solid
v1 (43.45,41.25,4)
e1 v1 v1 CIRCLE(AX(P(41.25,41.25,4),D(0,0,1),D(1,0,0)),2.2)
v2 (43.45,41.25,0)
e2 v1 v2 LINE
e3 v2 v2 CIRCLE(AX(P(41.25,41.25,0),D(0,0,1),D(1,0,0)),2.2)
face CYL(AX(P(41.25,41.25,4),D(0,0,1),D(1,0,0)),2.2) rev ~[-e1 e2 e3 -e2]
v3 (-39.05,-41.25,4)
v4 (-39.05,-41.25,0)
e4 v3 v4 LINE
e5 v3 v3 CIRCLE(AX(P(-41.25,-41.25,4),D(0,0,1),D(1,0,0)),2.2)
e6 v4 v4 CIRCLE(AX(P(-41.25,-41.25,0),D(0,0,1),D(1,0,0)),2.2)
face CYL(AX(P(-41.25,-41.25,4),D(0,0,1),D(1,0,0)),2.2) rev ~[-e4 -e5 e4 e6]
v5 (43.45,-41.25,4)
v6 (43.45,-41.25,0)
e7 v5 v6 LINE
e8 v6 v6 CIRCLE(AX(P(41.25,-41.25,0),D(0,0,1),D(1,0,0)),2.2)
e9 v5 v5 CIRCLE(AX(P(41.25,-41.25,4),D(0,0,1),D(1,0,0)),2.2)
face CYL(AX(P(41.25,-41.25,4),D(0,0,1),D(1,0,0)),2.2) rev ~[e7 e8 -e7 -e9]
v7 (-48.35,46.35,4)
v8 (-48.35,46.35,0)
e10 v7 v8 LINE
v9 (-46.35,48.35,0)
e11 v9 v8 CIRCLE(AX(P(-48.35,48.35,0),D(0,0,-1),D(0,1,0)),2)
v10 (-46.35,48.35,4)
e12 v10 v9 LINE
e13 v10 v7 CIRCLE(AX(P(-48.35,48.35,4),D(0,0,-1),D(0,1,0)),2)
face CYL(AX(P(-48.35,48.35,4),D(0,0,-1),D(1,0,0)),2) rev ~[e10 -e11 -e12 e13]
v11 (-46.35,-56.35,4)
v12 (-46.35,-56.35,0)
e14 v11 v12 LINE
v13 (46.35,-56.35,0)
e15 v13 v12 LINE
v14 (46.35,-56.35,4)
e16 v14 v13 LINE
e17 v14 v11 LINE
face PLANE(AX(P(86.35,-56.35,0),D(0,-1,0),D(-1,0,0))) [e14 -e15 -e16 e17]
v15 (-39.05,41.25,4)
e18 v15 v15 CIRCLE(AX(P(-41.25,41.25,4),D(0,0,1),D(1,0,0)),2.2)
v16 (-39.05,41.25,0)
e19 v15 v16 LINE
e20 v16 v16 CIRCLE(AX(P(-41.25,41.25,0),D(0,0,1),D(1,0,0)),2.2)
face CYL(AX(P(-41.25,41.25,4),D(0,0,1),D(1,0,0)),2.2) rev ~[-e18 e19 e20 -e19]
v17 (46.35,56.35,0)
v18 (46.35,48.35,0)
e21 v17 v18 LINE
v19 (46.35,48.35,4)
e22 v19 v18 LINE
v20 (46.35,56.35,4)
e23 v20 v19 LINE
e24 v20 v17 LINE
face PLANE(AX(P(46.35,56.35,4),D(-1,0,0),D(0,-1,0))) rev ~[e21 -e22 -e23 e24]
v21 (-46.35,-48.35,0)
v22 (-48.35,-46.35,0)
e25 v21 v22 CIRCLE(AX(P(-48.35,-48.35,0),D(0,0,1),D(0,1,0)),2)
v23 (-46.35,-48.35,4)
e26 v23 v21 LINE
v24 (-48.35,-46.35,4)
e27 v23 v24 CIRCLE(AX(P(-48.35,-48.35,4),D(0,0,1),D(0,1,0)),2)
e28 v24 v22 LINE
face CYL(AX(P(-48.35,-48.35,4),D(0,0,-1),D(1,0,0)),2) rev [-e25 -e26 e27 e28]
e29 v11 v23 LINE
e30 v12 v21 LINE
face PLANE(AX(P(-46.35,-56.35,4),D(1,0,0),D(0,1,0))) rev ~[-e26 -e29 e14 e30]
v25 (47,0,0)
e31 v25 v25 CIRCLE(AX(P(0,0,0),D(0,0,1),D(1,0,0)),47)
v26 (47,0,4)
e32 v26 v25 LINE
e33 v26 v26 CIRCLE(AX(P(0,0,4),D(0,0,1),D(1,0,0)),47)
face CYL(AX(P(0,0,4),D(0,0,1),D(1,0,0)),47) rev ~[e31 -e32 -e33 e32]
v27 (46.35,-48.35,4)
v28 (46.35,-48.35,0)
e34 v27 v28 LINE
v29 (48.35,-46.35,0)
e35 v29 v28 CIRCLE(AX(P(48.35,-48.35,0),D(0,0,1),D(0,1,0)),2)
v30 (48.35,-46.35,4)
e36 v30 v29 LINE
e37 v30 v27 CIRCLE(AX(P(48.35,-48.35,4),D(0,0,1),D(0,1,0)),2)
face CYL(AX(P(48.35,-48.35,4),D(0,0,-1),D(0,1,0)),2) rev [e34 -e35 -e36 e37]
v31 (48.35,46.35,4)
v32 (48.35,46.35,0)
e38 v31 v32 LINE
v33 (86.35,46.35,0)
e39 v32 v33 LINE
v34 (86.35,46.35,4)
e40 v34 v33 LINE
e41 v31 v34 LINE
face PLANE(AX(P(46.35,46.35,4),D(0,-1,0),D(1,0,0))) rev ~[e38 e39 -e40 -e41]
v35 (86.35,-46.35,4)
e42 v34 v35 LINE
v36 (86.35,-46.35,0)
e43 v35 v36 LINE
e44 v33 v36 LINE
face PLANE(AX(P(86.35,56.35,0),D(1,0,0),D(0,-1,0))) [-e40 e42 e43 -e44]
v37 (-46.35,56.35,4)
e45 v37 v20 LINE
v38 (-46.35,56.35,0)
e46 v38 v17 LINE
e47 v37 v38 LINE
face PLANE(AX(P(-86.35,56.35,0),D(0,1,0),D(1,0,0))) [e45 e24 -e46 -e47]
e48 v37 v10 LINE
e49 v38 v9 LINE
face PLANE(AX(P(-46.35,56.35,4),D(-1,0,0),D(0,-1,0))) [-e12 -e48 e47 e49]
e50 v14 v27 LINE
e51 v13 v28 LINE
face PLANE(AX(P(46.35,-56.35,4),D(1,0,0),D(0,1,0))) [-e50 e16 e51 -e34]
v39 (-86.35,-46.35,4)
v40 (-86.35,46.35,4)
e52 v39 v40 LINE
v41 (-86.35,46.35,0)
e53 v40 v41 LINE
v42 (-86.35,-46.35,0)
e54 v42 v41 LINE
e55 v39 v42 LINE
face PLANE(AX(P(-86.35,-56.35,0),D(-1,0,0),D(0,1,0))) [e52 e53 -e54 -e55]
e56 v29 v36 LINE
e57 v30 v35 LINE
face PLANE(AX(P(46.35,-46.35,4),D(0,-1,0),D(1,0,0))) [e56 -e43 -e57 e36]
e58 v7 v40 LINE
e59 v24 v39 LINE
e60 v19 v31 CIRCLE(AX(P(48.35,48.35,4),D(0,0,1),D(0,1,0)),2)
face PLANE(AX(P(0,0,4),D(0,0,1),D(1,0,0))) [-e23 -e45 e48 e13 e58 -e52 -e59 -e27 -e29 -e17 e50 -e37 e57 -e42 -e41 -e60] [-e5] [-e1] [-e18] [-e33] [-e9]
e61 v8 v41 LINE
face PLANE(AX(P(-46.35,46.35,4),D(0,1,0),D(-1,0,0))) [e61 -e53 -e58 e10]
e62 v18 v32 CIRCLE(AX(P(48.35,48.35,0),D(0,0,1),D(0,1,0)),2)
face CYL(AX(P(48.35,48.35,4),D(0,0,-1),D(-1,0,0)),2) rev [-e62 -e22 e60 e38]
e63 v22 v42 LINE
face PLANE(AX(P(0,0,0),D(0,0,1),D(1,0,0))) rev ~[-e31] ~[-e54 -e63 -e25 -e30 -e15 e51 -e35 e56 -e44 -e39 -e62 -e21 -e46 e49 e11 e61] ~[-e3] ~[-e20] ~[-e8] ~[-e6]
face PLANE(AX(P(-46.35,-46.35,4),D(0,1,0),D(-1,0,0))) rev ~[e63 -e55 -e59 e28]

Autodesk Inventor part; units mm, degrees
ref_plane "YZ Plane" through (0, 0, 0) normal (1, 0, 0) x (0, 1, 0)
ref_plane "XZ Plane" through (0, 0, 0) normal (0, 1, 0) x (-1, 0, 0)
ref_plane "XY Plane" through (0, 0, 0) normal (0, 0, 1) x (1, 0, 0)
sketch "Skizze1" plane through (0, 0, 0) normal (0, 0, 1) x (1, 0, 0)
  line L0 (-86.35, 56.35) -> (86.35, 56.35)
  line L1 (86.35, 56.35) -> (86.35, -56.35)
  line L2 (86.35, -56.35) -> (-86.35, -56.35)
  line L3 (-86.35, -56.35) -> (-86.35, 56.35)
  line L4 (-86.35, 56.35) -> (86.35, -56.35) construction
  line L5 (86.35, 56.35) -> (-86.35, -56.35) construction
  point P0 (0, 0)
  dimension "d0" = 172.7
  dimension "d1" = 112.7
extrude "Extrusion1" add sketch "Skizze1" along normal blind 4
sketch "Skizze2" plane through (0, 0, 4) normal (0, 0, 1) x (1, 0, 0)
  circle A0 centre (0, 0) radius 47
  dimension "d4" = 94
extrude "Extrusion2" cut sketch "Skizze2" against normal blind 4
sketch "Skizze3" plane through (0, 0, 4) normal (0, 0, 1) x (1, 0, 0)
  circle A0 centre (-41.25, 41.25) radius 2.2
  circle A1 centre (41.25, 41.25) radius 2.2
  circle A2 centre (41.25, -41.25) radius 2.2
  circle A3 centre (-41.25, -41.25) radius 2.2
  point P0 (0, 0)
  dimension "d7" = 82.5
  dimension "d8" = 82.5
  dimension "d9" = 82.5
  dimension "d10" = 82.5
  dimension "d11" = 41.25
  dimension "d12" = 41.25
  dimension "d13" = 41.25
  dimension "d14" = 41.25
  dimension "d15" = 4.4
  dimension "d16" = 4.4
  dimension "d17" = 4.4
  dimension "d18" = 4.4
extrude "Extrusion3" cut sketch "Skizze3" against normal blind 4
sketch "Skizze4" plane through (0, 0, 4) normal (0, 0, 1) x (1, 0, 0)
  line L0 (-86.35, 56.35) -> (-46.35, 56.35)
  line L1 (-46.35, 56.35) -> (-46.35, 46.35)
  line L2 (-46.35, 46.35) -> (-86.35, 46.35)
  line L3 (-86.35, 46.35) -> (-86.35, 56.35)
  line L4 (86.35, -56.35) -> (86.35, 56.35) projected
  line L5 (86.35, 56.35) -> (46.35, 56.35)
  line L6 (46.35, 56.35) -> (46.35, 46.35)
  line L7 (46.35, 46.35) -> (86.35, 46.35)
  line L8 (86.35, 46.35) -> (86.35, 56.35)
  line L9 (86.35, -56.35) -> (46.35, -56.35)
  line L10 (46.35, -56.35) -> (46.35, -46.35)
  line L11 (46.35, -46.35) -> (86.35, -46.35)
  line L12 (86.35, -46.35) -> (86.35, -56.35)
  line L13 (-86.35, -56.35) -> (86.35, -56.35) projected
  line L14 (-86.35, -56.35) -> (-46.35, -56.35)
  line L15 (-46.35, -56.35) -> (-46.35, -46.35)
  line L16 (-46.35, -46.35) -> (-86.35, -46.35)
  line L17 (-86.35, -46.35) -> (-86.35, -56.35)
  line L18 (-86.35, 56.35) -> (-86.35, -56.35) projected
  point P0 (86.35, -46.35)
  point P1 (86.35, 46.35)
  dimension "d31" = 40
  dimension "d32" = 40
  dimension "d33" = 10
  dimension "d34" = 10
extrude "Extrusion4" cut sketch "Skizze4" against normal blind 10
fillet "Rundung1" radius 2 4 edges at (-46.35, 46.35, 2) (46.35, 46.35, 2) (46.35, -46.35, 2) (-46.35, -46.35, 2)
properties part number "Schutzglas_Lüfter" material "Glas"
